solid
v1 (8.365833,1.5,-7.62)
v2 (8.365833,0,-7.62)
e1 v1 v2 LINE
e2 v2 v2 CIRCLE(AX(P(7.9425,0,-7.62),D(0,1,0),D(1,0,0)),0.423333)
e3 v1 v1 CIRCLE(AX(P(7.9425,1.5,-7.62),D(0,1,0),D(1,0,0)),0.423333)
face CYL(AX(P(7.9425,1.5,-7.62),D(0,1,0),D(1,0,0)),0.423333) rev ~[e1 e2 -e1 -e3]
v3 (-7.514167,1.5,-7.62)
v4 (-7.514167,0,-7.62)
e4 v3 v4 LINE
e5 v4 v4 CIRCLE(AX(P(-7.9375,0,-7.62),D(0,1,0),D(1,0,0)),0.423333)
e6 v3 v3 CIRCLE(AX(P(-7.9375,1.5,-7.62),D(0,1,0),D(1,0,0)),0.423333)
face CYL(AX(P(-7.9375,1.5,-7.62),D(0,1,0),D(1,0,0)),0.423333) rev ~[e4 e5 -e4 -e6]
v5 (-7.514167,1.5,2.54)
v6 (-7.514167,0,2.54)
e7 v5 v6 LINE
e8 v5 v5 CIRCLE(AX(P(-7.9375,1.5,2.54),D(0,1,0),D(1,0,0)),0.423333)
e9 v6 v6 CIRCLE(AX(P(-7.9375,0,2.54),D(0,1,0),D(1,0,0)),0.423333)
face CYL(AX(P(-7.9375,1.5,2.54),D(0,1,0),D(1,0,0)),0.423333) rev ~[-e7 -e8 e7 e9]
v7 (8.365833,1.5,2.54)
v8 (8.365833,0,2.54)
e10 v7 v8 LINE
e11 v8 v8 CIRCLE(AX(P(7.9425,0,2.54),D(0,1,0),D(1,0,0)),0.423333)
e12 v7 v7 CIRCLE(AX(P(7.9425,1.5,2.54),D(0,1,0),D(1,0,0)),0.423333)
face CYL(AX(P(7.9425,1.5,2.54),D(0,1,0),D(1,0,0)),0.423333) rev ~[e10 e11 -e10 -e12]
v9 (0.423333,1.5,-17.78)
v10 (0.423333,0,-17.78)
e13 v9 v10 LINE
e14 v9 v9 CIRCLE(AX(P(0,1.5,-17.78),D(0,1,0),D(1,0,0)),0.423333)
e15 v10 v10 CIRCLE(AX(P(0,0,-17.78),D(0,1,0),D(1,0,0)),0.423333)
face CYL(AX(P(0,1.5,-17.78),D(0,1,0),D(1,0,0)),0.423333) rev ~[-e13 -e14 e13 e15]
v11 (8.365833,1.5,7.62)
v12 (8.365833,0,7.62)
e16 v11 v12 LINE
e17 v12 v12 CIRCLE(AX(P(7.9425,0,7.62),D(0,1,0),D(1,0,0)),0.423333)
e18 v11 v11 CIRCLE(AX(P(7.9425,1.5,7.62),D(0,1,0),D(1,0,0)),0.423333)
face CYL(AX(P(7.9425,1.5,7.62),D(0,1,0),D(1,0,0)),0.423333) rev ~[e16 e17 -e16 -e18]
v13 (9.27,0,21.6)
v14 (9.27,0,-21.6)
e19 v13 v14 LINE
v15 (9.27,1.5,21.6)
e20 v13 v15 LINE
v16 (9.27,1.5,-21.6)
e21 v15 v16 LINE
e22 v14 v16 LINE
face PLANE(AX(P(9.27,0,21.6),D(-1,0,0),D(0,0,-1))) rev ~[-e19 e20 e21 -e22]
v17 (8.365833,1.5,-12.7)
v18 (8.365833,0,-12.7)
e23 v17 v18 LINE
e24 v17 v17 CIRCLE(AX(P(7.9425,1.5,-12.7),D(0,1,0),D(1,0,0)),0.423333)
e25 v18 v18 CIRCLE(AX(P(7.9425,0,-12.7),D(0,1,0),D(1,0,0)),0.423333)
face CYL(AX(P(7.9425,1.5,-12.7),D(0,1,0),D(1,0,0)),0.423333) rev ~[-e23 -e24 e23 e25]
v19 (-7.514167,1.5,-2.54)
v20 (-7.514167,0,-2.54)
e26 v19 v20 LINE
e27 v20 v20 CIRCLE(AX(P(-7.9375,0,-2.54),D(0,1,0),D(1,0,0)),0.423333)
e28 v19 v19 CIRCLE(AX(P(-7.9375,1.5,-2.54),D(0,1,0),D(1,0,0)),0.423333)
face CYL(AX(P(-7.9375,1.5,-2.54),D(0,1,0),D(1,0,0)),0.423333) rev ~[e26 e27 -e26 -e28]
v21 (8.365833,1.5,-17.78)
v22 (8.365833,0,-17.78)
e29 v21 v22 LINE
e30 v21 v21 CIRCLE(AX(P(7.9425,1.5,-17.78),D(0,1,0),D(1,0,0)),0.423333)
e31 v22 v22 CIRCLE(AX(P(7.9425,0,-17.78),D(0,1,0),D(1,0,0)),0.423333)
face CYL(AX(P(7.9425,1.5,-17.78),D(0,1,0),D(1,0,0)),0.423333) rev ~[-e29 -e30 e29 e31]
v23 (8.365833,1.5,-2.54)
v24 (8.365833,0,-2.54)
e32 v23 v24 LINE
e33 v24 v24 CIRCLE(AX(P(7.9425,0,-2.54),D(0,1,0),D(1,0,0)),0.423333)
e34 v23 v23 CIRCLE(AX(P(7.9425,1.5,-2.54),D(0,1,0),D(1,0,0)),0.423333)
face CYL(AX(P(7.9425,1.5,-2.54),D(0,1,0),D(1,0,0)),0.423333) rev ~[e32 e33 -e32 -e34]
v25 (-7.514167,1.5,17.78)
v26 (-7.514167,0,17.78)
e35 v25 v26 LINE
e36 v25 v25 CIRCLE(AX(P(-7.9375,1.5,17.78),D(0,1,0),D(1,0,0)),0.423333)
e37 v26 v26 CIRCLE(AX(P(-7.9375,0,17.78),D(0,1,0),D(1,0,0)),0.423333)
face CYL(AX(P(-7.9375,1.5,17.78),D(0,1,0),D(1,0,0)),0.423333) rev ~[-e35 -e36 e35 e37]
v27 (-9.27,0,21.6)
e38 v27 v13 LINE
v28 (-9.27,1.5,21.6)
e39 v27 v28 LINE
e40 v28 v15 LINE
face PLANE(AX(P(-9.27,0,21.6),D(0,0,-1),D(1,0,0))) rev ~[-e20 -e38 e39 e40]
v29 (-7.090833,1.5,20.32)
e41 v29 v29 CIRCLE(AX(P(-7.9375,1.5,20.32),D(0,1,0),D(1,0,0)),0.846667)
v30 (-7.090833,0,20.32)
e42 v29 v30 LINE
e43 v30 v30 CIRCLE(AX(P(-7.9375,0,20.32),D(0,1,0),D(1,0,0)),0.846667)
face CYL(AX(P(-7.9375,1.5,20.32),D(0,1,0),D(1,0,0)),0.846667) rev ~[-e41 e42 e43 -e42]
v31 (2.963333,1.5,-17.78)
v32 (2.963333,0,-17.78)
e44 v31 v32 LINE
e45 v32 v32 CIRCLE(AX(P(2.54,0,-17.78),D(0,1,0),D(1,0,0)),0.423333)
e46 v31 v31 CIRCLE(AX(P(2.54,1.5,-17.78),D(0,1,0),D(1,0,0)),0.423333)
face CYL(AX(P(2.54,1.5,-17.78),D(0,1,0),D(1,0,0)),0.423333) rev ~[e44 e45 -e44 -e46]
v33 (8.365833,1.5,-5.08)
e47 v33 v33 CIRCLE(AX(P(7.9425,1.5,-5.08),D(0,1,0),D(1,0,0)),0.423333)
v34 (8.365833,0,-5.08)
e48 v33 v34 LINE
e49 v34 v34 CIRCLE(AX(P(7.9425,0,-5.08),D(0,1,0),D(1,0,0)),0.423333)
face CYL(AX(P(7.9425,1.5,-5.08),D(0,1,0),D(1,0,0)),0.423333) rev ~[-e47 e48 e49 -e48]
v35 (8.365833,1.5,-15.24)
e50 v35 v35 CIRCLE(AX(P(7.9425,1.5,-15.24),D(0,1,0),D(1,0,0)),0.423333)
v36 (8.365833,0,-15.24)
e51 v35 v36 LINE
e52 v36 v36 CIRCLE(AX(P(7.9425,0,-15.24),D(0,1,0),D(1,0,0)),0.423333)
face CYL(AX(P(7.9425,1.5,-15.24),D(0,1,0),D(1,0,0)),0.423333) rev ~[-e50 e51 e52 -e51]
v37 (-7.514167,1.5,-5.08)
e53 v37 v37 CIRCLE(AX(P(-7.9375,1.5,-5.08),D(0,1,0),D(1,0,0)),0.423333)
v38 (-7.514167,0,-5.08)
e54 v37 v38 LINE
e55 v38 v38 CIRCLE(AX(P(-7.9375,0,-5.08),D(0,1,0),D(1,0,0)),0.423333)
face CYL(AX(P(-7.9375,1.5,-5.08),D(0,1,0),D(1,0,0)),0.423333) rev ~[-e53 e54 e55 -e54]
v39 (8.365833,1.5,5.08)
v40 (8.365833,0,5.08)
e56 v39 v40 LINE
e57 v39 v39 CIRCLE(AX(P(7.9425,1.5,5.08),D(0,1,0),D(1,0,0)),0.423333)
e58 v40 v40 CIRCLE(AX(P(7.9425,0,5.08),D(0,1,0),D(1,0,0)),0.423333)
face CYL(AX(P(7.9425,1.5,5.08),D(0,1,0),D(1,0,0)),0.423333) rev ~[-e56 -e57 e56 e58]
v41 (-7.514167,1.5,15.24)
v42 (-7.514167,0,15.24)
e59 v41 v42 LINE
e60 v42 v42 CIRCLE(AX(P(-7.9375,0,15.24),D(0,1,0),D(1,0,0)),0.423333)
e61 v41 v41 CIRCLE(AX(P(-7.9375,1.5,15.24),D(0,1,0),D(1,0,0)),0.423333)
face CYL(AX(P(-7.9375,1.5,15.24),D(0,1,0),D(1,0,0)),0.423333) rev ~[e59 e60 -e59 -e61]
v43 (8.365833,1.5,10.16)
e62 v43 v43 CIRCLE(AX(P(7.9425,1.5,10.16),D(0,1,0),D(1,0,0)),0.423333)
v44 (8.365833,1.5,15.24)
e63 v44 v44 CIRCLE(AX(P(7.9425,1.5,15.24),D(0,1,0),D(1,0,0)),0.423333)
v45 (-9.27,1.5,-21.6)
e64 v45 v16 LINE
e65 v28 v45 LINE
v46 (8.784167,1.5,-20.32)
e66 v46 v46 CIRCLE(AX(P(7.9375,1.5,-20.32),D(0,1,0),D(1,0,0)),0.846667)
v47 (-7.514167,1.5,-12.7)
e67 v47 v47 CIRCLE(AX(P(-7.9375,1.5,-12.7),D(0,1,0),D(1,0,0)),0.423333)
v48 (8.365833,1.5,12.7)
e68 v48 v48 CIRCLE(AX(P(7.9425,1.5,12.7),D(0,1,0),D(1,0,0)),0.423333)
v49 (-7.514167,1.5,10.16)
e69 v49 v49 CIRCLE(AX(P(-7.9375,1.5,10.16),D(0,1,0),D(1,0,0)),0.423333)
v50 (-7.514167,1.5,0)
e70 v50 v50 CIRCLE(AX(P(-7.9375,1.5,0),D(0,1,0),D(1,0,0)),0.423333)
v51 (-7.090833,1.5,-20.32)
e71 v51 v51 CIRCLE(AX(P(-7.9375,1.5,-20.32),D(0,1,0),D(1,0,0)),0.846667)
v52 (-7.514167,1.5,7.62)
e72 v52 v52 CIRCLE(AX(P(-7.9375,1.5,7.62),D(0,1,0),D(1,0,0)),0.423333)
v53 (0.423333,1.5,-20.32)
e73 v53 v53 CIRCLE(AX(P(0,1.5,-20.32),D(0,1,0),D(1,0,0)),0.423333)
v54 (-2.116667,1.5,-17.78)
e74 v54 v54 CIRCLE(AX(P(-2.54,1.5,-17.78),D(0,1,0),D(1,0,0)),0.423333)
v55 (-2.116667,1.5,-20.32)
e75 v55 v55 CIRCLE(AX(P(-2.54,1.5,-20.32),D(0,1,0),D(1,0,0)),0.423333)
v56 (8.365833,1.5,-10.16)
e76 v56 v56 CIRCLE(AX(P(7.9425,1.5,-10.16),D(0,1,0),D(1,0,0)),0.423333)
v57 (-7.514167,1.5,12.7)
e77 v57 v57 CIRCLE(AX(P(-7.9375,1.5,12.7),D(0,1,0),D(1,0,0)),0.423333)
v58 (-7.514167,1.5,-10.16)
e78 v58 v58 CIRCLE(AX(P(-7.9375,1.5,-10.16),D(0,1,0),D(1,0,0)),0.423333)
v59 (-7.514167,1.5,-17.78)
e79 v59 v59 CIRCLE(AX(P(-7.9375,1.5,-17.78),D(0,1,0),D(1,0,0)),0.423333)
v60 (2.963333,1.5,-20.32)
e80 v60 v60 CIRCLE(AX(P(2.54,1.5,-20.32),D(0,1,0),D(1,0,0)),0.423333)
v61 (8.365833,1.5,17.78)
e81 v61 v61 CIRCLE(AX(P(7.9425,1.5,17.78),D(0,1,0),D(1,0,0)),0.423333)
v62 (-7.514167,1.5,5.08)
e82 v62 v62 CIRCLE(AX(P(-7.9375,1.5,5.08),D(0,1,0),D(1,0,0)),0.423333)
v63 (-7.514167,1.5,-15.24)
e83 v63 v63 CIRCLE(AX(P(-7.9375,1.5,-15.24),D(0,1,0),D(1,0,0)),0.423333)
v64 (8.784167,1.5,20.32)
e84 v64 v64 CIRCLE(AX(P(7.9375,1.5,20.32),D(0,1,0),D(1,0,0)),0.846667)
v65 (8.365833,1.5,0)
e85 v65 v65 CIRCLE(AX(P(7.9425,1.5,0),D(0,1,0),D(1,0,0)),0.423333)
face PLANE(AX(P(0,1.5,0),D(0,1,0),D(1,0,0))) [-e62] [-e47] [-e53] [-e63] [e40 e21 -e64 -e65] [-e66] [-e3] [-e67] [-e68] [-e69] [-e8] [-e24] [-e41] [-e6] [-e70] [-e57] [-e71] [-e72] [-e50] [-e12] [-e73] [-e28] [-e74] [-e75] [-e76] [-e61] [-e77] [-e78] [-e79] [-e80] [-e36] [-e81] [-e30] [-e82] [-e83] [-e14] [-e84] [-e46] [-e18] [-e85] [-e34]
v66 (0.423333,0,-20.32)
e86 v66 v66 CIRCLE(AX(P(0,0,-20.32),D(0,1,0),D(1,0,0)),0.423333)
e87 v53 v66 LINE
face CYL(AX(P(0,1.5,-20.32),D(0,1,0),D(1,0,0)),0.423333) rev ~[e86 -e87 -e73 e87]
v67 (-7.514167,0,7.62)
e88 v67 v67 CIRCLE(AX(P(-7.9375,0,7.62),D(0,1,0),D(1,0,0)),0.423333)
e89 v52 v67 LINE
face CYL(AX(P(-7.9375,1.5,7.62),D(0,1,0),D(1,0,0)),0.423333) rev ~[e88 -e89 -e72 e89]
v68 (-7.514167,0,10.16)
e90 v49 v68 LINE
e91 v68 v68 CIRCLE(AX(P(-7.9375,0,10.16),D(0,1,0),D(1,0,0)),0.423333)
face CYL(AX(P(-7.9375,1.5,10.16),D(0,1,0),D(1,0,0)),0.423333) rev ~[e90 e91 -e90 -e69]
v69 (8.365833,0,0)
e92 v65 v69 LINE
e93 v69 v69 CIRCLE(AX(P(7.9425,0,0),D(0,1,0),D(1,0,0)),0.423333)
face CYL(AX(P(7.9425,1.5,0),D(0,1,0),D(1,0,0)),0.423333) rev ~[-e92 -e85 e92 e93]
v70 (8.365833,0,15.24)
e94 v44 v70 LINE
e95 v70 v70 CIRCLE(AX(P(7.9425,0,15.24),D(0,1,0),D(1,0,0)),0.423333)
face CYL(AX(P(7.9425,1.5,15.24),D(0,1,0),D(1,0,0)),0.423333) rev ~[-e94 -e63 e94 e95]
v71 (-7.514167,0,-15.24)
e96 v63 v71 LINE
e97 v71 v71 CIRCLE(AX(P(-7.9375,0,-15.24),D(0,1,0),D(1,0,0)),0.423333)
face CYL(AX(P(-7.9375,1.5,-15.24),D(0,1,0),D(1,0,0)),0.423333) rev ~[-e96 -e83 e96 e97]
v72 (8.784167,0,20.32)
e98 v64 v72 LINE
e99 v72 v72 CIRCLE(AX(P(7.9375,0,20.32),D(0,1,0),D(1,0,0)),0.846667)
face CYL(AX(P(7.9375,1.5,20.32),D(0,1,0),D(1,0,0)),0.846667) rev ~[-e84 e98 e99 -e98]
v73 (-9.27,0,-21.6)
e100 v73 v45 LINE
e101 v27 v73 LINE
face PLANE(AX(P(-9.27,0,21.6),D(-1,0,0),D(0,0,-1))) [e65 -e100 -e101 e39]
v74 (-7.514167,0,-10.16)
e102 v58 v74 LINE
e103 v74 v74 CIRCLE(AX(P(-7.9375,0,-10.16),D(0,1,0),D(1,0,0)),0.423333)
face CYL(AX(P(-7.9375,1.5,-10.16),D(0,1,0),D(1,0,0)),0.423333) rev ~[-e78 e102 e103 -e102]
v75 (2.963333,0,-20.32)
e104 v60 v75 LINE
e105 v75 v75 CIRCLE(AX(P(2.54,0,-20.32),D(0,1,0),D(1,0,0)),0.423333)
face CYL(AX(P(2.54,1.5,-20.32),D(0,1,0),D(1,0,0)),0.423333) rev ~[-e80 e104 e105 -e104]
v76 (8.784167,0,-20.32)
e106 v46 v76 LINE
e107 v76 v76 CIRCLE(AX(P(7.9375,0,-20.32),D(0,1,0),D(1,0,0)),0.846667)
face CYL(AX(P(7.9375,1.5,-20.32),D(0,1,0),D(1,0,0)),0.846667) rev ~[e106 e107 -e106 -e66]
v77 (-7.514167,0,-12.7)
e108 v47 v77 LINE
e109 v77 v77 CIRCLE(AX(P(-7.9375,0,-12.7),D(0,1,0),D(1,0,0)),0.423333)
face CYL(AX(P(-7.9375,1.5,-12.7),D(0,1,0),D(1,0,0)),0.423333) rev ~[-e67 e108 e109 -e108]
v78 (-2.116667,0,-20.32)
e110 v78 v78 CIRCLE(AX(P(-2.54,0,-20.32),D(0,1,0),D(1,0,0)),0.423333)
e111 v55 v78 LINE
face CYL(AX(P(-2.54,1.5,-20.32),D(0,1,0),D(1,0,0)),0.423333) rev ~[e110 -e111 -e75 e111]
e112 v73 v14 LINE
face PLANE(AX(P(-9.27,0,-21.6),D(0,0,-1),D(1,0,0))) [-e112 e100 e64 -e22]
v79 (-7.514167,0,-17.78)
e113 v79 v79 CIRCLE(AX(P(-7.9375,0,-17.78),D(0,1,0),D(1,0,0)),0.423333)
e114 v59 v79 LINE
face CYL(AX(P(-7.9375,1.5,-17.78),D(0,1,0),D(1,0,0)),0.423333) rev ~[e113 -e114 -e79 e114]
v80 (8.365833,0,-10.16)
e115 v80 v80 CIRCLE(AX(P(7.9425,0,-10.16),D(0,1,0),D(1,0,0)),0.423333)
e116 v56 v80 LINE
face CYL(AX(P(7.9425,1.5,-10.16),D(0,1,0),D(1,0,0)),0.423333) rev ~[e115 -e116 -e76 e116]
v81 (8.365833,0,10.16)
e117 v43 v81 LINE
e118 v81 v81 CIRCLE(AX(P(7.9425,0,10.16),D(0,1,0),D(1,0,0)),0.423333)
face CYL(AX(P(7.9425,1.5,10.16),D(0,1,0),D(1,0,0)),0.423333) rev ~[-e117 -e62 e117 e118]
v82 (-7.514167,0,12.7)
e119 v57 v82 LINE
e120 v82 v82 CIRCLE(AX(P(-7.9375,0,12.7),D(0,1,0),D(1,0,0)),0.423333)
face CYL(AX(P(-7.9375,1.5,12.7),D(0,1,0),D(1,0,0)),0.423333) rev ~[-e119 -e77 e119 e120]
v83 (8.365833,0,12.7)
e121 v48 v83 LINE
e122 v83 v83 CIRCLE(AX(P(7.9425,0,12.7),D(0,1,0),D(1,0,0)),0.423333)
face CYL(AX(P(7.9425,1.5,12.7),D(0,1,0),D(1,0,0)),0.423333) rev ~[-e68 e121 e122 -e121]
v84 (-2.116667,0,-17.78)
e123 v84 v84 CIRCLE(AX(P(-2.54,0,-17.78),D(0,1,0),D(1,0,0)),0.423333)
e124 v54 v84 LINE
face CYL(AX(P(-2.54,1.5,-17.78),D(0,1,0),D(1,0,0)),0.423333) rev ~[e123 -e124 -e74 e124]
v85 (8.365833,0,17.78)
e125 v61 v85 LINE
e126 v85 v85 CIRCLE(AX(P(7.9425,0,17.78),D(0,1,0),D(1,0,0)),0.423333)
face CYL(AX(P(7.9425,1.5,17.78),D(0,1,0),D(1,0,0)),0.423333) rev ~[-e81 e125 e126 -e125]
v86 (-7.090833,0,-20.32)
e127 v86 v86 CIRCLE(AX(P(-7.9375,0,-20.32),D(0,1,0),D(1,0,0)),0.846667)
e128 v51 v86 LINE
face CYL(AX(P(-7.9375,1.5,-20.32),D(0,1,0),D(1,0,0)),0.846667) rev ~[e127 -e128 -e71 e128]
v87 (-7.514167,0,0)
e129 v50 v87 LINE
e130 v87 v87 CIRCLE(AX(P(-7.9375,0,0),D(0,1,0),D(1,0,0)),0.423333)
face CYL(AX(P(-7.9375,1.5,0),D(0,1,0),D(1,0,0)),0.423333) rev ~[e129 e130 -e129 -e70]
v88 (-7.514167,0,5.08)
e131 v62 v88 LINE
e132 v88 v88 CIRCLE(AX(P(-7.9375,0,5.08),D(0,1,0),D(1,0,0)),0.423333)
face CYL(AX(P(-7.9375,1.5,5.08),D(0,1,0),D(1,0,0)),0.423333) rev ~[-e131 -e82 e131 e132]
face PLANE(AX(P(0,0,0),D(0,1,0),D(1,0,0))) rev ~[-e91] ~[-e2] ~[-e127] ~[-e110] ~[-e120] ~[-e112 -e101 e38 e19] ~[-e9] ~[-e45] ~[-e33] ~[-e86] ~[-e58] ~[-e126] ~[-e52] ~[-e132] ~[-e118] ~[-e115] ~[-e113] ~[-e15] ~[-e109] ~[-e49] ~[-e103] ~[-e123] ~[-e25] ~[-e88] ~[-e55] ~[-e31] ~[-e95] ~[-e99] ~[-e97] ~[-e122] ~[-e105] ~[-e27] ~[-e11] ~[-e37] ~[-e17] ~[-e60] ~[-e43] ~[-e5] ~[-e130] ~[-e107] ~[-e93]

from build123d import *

# Parameters (mm, degrees)
SKETCH1_W           = 18.54
SKETCH1_H           = 43.2
BOSS_EXTRUDE1_DEPTH = 1.5
SKETCH2_R           = 0.846666667
SKETCH2_R_2         = 0.423333333
CUT_EXTRUDE1_DEPTH  = 2.5


with BuildPart() as part:
    # Sketch1 → Boss-Extrude1 (new body)
    with BuildSketch(Plane(origin=(0, 0, 0), x_dir=(1, 0, 0), z_dir=(0, 1, 0))):
        Rectangle(SKETCH1_W, SKETCH1_H)
    extrude(amount=BOSS_EXTRUDE1_DEPTH)

    # Sketch2 → Cut-Extrude1 (cut, through all)
    with BuildSketch(Plane(origin=(0, 1.5, 0), x_dir=(1, 0, 0), z_dir=(0, 1, 0))):
        with Locations((7.9375, 20.32)):
            Circle(SKETCH2_R)
        with Locations((7.9375, -20.32)):
            Circle(SKETCH2_R)
        with Locations((-7.9375, -20.32)):
            Circle(SKETCH2_R)
        with Locations((-7.9375, 20.32)):
            Circle(SKETCH2_R)
        with Locations((-7.9375, -17.78)):
            Circle(SKETCH2_R_2)
        with Locations((-7.9375, -15.24)):
            Circle(SKETCH2_R_2)
        with Locations((-7.9375, -12.7)):
            Circle(SKETCH2_R_2)
        with Locations((-7.9375, -10.16)):
            Circle(SKETCH2_R_2)
        with Locations((-7.9375, -7.62)):
            Circle(SKETCH2_R_2)
        with Locations((-7.9375, -5.08)):
            Circle(SKETCH2_R_2)
        with Locations((-7.9375, -2.54)):
            Circle(SKETCH2_R_2)
        with Locations((-7.9375, 0)):
            Circle(SKETCH2_R_2)
        with Locations((-7.9375, 2.54)):
            Circle(SKETCH2_R_2)
        with Locations((-7.9375, 5.08)):
            Circle(SKETCH2_R_2)
        with Locations((-7.9375, 7.62)):
            Circle(SKETCH2_R_2)
        with Locations((-7.9375, 10.16)):
            Circle(SKETCH2_R_2)
        with Locations((-7.9375, 12.7)):
            Circle(SKETCH2_R_2)
        with Locations((-7.9375, 15.24)):
            Circle(SKETCH2_R_2)
        with Locations((-7.9375, 17.78)):
            Circle(SKETCH2_R_2)
        with Locations((7.9425, -15.24)):
            Circle(SKETCH2_R_2)
        with Locations((7.9425, -12.7)):
            Circle(SKETCH2_R_2)
        with Locations((7.9425, -10.16)):
            Circle(SKETCH2_R_2)
        with Locations((7.9425, -7.62)):
            Circle(SKETCH2_R_2)
        with Locations((7.9425, -5.08)):
            Circle(SKETCH2_R_2)
        with Locations((7.9425, -2.54)):
            Circle(SKETCH2_R_2)
        with Locations((7.9425, 0)):
            Circle(SKETCH2_R_2)
        with Locations((7.9425, 2.54)):
            Circle(SKETCH2_R_2)
        with Locations((7.9425, 5.08)):
            Circle(SKETCH2_R_2)
        with Locations((7.9425, 7.62)):
            Circle(SKETCH2_R_2)
        with Locations((7.9425, 10.16)):
            Circle(SKETCH2_R_2)
        with Locations((7.9425, 12.7)):
            Circle(SKETCH2_R_2)
        with Locations((7.9425, 15.24)):
            Circle(SKETCH2_R_2)
        with Locations((7.9425, 17.78)):
            Circle(SKETCH2_R_2)
        with Locations((7.9425, -17.78)):
            Circle(SKETCH2_R_2)
        with Locations((0, 20.32)):
            Circle(SKETCH2_R_2)
        with Locations((-2.54, 20.32)):
            Circle(SKETCH2_R_2)
        with Locations((2.54, 20.32)):
            Circle(SKETCH2_R_2)
        with Locations((-2.54, 17.78)):
            Circle(SKETCH2_R_2)
        with Locations((0, 17.78)):
            Circle(SKETCH2_R_2)
        with Locations((2.54, 17.78)):
            Circle(SKETCH2_R_2)
    extrude(amount=-CUT_EXTRUDE1_DEPTH, mode=Mode.SUBTRACT)


solid = part.part
